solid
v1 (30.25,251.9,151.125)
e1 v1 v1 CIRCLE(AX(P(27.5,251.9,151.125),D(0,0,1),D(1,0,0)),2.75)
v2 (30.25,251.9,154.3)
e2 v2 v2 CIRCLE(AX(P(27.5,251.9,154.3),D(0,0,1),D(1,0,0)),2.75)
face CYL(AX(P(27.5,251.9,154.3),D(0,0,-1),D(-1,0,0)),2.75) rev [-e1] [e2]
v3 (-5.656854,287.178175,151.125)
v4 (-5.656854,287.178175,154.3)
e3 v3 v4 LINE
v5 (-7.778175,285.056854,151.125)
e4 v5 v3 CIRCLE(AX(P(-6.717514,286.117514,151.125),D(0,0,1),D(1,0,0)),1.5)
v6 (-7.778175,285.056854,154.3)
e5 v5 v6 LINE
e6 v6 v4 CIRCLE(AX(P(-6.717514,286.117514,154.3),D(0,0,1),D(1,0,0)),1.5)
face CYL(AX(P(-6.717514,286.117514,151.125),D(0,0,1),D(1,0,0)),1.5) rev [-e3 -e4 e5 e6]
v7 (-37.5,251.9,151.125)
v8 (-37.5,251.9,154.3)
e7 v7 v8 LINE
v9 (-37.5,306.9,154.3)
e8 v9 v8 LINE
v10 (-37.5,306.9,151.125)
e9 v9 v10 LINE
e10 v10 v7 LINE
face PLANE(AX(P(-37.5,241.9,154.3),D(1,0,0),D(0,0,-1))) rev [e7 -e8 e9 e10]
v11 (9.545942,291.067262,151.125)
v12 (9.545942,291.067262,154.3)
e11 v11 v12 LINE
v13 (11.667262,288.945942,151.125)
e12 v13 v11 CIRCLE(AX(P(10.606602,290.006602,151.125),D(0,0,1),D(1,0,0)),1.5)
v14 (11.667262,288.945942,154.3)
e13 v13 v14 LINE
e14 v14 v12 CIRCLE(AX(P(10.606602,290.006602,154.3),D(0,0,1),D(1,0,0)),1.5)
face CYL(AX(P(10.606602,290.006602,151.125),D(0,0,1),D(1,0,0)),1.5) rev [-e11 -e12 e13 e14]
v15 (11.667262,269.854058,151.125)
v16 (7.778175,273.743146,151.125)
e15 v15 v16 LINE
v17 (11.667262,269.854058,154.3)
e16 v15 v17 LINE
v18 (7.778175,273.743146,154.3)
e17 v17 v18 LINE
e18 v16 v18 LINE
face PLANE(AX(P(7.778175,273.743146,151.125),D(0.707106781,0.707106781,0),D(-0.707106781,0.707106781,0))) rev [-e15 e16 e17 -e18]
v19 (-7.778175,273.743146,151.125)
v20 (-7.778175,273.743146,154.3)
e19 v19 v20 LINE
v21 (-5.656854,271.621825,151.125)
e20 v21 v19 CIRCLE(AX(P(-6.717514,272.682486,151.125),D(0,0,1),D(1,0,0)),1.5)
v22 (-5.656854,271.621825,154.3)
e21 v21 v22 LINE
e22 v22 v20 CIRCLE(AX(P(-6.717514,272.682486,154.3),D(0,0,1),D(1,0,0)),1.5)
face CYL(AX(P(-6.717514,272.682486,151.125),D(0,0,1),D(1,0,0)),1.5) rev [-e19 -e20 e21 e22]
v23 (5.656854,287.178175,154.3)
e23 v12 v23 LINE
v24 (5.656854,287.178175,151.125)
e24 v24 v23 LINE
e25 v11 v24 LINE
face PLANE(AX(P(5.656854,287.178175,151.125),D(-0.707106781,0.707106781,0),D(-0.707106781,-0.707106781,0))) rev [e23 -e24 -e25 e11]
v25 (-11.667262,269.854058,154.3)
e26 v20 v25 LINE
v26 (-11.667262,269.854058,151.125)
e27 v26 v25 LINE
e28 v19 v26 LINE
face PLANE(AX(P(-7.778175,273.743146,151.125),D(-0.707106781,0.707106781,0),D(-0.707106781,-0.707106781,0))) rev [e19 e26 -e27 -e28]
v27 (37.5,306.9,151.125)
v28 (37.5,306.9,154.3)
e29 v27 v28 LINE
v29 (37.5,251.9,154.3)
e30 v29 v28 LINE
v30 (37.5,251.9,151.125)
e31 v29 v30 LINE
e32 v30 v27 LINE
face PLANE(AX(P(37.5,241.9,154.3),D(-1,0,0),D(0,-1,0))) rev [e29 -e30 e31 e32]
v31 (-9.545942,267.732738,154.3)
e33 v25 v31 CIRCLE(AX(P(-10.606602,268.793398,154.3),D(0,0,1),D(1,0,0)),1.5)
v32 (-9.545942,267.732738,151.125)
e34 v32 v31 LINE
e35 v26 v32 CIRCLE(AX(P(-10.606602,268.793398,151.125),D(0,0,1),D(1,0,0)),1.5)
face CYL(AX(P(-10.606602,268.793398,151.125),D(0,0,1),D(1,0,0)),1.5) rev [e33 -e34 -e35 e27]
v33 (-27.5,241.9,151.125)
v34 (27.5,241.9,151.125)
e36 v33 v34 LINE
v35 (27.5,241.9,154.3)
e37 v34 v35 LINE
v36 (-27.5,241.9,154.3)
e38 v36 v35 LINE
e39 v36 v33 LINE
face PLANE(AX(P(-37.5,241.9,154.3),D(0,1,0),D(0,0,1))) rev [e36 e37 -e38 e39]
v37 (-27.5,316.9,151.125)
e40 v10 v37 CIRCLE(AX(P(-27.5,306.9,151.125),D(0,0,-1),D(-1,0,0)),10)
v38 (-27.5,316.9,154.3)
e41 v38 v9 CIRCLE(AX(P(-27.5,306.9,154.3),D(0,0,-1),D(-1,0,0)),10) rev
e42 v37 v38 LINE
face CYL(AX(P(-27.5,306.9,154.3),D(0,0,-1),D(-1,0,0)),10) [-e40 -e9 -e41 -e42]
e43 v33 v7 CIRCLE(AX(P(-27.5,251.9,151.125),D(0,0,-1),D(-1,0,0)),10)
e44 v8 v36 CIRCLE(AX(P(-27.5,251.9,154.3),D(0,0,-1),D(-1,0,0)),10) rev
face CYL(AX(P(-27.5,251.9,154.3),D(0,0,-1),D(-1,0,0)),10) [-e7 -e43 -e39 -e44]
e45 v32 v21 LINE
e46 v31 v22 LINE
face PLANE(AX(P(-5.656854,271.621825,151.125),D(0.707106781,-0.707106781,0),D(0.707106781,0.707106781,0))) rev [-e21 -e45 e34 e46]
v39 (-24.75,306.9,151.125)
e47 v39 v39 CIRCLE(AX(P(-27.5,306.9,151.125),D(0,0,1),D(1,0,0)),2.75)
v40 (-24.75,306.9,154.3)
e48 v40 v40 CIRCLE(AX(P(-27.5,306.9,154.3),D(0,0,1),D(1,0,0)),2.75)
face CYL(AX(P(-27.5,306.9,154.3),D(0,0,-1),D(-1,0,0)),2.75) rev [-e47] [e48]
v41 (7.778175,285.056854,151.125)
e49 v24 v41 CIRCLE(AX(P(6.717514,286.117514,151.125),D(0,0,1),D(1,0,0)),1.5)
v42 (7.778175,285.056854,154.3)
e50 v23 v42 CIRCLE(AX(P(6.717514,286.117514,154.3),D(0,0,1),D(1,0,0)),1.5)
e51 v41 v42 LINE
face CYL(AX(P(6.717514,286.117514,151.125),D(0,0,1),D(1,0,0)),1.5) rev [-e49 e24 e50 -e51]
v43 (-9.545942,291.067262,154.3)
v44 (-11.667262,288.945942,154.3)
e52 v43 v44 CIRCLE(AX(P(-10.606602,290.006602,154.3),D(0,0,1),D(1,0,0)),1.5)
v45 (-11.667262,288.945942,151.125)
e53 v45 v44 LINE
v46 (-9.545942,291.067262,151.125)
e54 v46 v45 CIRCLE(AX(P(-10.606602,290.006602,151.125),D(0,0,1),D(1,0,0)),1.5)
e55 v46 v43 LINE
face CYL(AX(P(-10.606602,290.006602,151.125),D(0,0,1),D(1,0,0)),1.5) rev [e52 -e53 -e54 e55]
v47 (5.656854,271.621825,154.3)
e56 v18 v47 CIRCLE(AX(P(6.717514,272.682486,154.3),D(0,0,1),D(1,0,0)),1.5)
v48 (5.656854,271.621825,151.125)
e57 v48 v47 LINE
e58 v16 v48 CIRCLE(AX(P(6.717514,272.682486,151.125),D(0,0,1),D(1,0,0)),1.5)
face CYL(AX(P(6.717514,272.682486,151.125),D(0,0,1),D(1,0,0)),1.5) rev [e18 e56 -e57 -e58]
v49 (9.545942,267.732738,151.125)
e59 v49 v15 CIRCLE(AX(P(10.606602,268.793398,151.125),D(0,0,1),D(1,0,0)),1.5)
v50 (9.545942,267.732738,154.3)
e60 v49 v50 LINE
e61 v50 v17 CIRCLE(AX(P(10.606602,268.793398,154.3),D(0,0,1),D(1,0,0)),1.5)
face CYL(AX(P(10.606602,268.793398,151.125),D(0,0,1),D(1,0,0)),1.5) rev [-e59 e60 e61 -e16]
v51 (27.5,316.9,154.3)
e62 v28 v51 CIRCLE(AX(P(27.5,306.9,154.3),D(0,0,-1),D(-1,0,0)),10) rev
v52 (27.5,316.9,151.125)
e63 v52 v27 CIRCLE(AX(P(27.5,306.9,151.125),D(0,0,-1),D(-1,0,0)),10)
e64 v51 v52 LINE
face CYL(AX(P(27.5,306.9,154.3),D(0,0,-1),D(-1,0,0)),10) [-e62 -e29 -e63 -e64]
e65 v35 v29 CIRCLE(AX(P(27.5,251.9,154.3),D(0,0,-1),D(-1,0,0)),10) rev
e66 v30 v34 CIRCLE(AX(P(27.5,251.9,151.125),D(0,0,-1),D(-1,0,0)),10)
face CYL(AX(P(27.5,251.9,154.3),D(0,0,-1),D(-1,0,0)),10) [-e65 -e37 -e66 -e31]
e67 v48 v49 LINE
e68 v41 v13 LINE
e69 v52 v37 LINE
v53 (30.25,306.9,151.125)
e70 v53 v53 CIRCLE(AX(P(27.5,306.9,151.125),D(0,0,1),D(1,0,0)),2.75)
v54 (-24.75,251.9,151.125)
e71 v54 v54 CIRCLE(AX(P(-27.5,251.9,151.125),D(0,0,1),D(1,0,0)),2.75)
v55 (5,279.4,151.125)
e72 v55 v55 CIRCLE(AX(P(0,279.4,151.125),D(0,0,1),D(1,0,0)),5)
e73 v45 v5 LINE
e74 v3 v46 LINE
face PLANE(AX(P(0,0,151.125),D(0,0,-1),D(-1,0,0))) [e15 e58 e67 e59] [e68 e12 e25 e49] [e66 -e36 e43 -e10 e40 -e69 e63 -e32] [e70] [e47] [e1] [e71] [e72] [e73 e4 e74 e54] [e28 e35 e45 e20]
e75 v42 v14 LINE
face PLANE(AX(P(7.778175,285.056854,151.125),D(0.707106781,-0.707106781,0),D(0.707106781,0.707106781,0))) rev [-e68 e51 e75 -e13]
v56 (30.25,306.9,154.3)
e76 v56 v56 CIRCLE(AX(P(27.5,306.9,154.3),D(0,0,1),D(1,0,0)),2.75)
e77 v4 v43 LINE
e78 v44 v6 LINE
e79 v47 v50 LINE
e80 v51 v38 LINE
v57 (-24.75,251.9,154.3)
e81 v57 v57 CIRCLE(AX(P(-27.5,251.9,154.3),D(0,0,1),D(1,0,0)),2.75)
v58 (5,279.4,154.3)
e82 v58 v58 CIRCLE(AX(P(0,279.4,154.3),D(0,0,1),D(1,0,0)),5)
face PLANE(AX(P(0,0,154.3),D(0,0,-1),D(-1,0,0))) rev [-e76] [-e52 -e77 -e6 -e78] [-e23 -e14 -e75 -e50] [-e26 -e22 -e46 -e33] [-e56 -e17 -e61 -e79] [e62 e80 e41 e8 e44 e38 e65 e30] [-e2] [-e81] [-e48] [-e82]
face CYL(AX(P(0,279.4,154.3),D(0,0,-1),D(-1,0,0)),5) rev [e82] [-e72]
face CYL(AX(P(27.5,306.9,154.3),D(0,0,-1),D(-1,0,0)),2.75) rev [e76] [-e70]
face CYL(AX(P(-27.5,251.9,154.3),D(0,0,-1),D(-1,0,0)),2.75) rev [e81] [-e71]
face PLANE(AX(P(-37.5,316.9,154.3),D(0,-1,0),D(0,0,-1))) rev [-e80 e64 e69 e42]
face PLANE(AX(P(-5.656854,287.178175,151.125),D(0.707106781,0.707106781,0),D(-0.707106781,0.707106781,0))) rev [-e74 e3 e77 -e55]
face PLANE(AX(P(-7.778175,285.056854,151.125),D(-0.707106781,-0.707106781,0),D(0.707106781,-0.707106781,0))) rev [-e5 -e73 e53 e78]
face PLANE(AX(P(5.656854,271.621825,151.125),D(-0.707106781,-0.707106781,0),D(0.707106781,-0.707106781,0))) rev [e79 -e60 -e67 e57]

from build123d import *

# Parameters (mm, degrees)
SKETCH1_W               = 75
SKETCH1_H               = 75
SKETCH1_R               = 2.75
SKETCH1_R_2             = 5
BOSS_EXTRUDE1_DEPTH     = 3.175
CUT_EXTRUDE1_DEPTH      = 320.126840966
CUT_EXTRUDE1_DEPTH_BACK = 320.126840966
FILLET1_R               = 10


with BuildPart() as part:
    # Sketch1 → Boss-Extrude1 (new body)
    with BuildSketch(Plane.XY.offset(151.125)):
        with Locations((0, 279.4)):
            Rectangle(SKETCH1_W, SKETCH1_H)
        with Locations((-27.5, 251.9)):
            Circle(SKETCH1_R, mode=Mode.SUBTRACT)
        with Locations((27.5, 251.9)):
            Circle(SKETCH1_R, mode=Mode.SUBTRACT)
        with Locations((27.5, 306.9)):
            Circle(SKETCH1_R, mode=Mode.SUBTRACT)
        with Locations((-27.5, 306.9)):
            Circle(SKETCH1_R, mode=Mode.SUBTRACT)
        with Locations((0, 279.4)):
            Circle(SKETCH1_R_2, mode=Mode.SUBTRACT)
    extrude(amount=BOSS_EXTRUDE1_DEPTH)

    # Sketch2 → Cut-Extrude1 (cut, two sides: drawn at the far end of the back side and taken through both)
    with BuildSketch(Plane.XY.offset(154.3).offset(-CUT_EXTRUDE1_DEPTH_BACK)):
        with BuildLine():
            Line((5.656854249, 287.178174593), (9.545941546, 291.06726189))
            ThreePointArc((9.545941546, 291.06726189), (11.66726189, 291.06726189), (11.66726189, 288.945941546))
            Line((11.66726189, 288.945941546), (7.778174593, 285.056854249))
            ThreePointArc((7.778174593, 285.056854249), (5.656854249, 285.056854249), (5.656854249, 287.178174593))
        make_face()
        with BuildLine():
            Line((7.778174593, 273.743145751), (11.66726189, 269.854058454))
            ThreePointArc((11.66726189, 269.854058454), (11.66726189, 267.73273811), (9.545941546, 267.73273811))
            Line((9.545941546, 267.73273811), (5.656854249, 271.621825407))
            ThreePointArc((5.656854249, 271.621825407), (5.656854249, 273.743145751), (7.778174593, 273.743145751))
        make_face()
        with BuildLine():
            Line((-5.656854249, 271.621825407), (-9.545941546, 267.73273811))
            ThreePointArc((-9.545941546, 267.73273811), (-11.66726189, 267.73273811), (-11.66726189, 269.854058454))
            Line((-11.66726189, 269.854058454), (-7.778174593, 273.743145751))
            ThreePointArc((-7.778174593, 273.743145751), (-5.656854249, 273.743145751), (-5.656854249, 271.621825407))
        make_face()
        with BuildLine():
            Line((-7.778174593, 285.056854249), (-11.66726189, 288.945941546))
            ThreePointArc((-11.66726189, 288.945941546), (-11.66726189, 291.06726189), (-9.545941546, 291.06726189))
            Line((-9.545941546, 291.06726189), (-5.656854249, 287.178174593))
            ThreePointArc((-5.656854249, 287.178174593), (-5.656854249, 285.056854249), (-7.778174593, 285.056854249))
        make_face()
    extrude(amount=CUT_EXTRUDE1_DEPTH + CUT_EXTRUDE1_DEPTH_BACK, mode=Mode.SUBTRACT)

    # Fillet1
    fillet1_edges = [part.edges().sort_by_distance(p)[0] for p in [
        (37.5, 241.9, 152.7125),
        (-37.5, 241.9, 152.7125),
        (-37.5, 316.9, 152.7125),
        (37.5, 316.9, 152.7125),
    ]]
    fillet(fillet1_edges, radius=FILLET1_R)


solid = part.part
